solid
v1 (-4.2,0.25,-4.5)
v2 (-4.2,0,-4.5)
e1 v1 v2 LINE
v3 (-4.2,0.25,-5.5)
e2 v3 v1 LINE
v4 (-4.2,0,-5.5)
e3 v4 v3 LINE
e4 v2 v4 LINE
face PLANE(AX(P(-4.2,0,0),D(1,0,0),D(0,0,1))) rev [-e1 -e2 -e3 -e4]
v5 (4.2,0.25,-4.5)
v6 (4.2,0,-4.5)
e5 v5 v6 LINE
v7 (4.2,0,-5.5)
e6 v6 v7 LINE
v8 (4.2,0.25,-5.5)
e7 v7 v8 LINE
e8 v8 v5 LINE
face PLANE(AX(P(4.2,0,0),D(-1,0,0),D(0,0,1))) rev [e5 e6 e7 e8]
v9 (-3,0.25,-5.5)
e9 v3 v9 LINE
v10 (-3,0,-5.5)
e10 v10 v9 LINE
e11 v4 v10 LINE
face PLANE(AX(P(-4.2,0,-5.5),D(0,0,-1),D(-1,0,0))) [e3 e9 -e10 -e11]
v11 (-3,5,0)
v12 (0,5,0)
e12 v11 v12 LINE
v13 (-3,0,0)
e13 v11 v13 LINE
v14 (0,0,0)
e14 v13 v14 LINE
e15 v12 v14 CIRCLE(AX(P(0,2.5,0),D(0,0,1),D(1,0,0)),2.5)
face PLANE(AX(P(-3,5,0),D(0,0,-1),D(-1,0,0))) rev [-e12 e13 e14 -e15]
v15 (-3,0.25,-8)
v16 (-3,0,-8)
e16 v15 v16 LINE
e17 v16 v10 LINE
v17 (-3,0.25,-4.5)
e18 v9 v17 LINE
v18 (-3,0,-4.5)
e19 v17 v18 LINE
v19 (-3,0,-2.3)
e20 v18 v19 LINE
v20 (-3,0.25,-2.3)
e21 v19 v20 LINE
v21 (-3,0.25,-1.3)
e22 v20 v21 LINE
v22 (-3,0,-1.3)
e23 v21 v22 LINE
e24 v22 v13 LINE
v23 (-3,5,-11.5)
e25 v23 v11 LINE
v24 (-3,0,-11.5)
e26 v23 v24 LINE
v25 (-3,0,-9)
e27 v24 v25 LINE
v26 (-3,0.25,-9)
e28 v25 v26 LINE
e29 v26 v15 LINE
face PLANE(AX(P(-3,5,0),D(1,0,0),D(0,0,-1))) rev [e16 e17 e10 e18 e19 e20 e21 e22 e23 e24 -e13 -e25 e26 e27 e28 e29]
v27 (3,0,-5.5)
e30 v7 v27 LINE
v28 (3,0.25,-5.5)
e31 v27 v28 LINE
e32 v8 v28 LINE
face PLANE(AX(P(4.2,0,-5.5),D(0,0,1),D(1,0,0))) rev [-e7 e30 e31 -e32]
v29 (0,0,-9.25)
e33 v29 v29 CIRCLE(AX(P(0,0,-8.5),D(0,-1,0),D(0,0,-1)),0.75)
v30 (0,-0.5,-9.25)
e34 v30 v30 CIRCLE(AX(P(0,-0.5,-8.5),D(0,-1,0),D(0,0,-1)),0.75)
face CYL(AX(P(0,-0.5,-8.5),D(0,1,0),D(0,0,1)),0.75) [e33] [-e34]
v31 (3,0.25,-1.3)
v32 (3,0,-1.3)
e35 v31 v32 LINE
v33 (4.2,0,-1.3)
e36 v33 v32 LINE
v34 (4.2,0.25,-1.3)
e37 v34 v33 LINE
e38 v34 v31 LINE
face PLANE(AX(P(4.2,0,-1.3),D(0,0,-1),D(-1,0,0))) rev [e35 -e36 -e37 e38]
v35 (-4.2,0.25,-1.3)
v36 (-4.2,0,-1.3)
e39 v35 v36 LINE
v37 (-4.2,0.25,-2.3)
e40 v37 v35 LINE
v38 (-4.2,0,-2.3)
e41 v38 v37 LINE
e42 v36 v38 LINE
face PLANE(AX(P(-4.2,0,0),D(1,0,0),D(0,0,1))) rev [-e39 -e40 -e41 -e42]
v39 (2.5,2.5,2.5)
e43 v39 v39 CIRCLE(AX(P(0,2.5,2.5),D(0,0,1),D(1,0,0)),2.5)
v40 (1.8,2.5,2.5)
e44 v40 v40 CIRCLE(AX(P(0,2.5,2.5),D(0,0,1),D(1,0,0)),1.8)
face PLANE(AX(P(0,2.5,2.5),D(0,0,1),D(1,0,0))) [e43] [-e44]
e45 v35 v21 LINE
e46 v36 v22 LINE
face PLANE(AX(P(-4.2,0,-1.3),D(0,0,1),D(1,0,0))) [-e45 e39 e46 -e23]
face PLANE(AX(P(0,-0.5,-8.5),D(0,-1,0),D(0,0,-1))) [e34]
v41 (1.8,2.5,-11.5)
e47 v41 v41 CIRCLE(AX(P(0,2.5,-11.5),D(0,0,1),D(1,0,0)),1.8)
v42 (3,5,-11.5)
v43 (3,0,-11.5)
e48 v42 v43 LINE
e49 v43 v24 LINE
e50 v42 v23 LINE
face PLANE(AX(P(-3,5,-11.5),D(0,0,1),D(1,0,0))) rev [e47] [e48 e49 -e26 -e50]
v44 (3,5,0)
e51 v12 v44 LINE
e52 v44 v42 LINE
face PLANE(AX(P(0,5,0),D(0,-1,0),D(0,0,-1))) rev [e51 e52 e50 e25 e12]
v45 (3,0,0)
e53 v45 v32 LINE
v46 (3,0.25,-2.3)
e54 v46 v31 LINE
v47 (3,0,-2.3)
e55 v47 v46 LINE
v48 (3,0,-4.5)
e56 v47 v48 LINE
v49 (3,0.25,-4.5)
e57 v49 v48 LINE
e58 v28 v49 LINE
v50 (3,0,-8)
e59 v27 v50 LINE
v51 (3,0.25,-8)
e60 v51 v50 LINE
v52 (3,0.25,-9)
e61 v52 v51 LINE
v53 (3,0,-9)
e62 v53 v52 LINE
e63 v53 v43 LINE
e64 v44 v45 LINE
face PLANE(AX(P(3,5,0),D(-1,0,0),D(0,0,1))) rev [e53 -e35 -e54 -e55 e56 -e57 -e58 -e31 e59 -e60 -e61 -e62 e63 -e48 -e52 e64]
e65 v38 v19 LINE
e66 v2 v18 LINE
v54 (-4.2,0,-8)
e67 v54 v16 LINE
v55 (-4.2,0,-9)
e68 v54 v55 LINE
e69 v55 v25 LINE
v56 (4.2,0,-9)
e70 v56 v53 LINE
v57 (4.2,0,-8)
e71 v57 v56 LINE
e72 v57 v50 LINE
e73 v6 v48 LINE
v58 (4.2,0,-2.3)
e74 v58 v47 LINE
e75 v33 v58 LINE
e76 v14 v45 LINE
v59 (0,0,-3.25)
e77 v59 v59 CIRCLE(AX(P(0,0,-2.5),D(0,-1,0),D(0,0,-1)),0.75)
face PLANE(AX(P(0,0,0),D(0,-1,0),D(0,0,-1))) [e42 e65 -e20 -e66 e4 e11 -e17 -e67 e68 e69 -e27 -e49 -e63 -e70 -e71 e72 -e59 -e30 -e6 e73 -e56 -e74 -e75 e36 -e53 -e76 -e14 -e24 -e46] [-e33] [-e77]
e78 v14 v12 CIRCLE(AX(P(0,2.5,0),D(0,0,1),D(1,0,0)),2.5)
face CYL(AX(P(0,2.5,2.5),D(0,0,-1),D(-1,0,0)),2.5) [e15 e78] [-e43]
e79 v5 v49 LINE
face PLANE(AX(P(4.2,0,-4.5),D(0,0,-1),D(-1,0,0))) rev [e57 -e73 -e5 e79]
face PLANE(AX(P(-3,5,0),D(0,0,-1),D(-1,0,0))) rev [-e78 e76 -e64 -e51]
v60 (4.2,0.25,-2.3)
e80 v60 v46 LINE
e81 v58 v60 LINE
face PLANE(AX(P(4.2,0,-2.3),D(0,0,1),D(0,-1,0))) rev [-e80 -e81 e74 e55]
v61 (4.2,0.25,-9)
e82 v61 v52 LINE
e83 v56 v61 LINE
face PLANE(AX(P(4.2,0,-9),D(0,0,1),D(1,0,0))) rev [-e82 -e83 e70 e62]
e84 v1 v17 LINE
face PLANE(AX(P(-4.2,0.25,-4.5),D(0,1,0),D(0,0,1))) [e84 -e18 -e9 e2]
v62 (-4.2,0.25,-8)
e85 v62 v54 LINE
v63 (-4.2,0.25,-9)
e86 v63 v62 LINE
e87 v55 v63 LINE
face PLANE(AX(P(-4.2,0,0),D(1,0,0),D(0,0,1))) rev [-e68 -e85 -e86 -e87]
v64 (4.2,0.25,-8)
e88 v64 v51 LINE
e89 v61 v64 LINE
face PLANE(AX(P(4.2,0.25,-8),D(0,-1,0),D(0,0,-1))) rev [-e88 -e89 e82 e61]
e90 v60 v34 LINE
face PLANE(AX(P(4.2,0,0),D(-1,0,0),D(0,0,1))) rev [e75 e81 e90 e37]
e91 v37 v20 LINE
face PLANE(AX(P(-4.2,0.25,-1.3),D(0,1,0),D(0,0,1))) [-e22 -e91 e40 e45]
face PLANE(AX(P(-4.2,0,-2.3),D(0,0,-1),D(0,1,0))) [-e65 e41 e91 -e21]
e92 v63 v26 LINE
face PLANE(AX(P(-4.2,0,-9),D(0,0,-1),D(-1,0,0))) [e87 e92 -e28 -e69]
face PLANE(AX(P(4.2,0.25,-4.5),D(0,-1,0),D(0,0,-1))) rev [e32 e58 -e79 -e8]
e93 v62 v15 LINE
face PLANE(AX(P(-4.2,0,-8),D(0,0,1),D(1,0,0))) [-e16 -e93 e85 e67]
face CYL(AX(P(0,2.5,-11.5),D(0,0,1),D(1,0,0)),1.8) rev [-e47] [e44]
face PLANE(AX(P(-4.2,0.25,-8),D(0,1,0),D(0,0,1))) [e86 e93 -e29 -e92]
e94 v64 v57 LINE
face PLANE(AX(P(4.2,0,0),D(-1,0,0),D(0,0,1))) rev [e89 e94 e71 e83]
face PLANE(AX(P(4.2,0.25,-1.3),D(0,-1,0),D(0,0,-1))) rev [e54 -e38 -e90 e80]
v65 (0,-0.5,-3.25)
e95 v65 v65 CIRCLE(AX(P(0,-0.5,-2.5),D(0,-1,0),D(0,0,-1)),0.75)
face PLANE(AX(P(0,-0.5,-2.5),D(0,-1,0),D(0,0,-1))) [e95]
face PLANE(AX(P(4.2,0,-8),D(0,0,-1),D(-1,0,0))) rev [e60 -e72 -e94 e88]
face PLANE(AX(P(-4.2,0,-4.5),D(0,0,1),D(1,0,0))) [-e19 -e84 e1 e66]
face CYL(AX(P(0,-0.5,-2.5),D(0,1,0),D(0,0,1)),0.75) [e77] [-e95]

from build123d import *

# Parameters (mm, degrees)
SKETCH_1_W          = 6
SKETCH_1_H          = 11.5
EXTRUDE_1_DEPTH     = 5
SKETCH_2_R          = 2.5
EXTRUDE_2_DEPTH     = 2.5
SKETCH_3_R          = 0.75
EXTRUDE_3_DEPTH     = 0.5
SKETCH_4_W          = 1
SKETCH_4_H          = 0.25
EXTRUDE_4_DEPTH     = 1.2
SKETCH_5_R          = 1.8
CUT_EXTRUDE_1_DEPTH = 15


with BuildPart() as part:
    # 草图1 → 凸台-拉伸1 (new body)
    with BuildSketch(Plane(origin=(0, 0, 0), x_dir=(1, 0, 0), z_dir=(0, 1, 0))):
        with Locations((0, 5.75)):
            Rectangle(SKETCH_1_W, SKETCH_1_H)
    extrude(amount=EXTRUDE_1_DEPTH)

    # 草图2 → 凸台-拉伸2 (add)
    with BuildSketch(Plane.XY):
        with Locations((0, 2.5)):
            Circle(SKETCH_2_R)
    extrude(amount=EXTRUDE_2_DEPTH)

    # 草图3 → 凸台-拉伸3 (add)
    with BuildSketch(Plane.XZ):
        with Locations((0, -2.5)):
            Circle(SKETCH_3_R)
        with Locations((0, -8.5)):
            Circle(SKETCH_3_R)
    extrude(amount=EXTRUDE_3_DEPTH)

    # 草图4 → 凸台-拉伸4 (add)
    with BuildSketch(Plane(origin=(3, 0, 0), x_dir=(0, 0, -1), z_dir=(1, 0, 0))):
        with Locations((1.8, 0.125)):
            Rectangle(SKETCH_4_W, SKETCH_4_H)
        with Locations((5, 0.125)):
            Rectangle(SKETCH_4_W, SKETCH_4_H)
        with Locations((8.5, 0.125)):
            Rectangle(SKETCH_4_W, SKETCH_4_H)
    extrude_4 = extrude(amount=EXTRUDE_4_DEPTH)

    # 镜向1: 凸台-拉伸4 across plane
    add(extrude_4.mirror(Plane(origin=(0, 0, 0), x_dir=(0, 0, 1), z_dir=(1, 0, 0))))

    # 草图5 → 切除-拉伸1 (cut, through all)
    with BuildSketch(Plane.XY.offset(2.5)):
        with Locations((0, 2.5)):
            Circle(SKETCH_5_R)
    extrude(amount=-CUT_EXTRUDE_1_DEPTH, mode=Mode.SUBTRACT)


solid = part.part
